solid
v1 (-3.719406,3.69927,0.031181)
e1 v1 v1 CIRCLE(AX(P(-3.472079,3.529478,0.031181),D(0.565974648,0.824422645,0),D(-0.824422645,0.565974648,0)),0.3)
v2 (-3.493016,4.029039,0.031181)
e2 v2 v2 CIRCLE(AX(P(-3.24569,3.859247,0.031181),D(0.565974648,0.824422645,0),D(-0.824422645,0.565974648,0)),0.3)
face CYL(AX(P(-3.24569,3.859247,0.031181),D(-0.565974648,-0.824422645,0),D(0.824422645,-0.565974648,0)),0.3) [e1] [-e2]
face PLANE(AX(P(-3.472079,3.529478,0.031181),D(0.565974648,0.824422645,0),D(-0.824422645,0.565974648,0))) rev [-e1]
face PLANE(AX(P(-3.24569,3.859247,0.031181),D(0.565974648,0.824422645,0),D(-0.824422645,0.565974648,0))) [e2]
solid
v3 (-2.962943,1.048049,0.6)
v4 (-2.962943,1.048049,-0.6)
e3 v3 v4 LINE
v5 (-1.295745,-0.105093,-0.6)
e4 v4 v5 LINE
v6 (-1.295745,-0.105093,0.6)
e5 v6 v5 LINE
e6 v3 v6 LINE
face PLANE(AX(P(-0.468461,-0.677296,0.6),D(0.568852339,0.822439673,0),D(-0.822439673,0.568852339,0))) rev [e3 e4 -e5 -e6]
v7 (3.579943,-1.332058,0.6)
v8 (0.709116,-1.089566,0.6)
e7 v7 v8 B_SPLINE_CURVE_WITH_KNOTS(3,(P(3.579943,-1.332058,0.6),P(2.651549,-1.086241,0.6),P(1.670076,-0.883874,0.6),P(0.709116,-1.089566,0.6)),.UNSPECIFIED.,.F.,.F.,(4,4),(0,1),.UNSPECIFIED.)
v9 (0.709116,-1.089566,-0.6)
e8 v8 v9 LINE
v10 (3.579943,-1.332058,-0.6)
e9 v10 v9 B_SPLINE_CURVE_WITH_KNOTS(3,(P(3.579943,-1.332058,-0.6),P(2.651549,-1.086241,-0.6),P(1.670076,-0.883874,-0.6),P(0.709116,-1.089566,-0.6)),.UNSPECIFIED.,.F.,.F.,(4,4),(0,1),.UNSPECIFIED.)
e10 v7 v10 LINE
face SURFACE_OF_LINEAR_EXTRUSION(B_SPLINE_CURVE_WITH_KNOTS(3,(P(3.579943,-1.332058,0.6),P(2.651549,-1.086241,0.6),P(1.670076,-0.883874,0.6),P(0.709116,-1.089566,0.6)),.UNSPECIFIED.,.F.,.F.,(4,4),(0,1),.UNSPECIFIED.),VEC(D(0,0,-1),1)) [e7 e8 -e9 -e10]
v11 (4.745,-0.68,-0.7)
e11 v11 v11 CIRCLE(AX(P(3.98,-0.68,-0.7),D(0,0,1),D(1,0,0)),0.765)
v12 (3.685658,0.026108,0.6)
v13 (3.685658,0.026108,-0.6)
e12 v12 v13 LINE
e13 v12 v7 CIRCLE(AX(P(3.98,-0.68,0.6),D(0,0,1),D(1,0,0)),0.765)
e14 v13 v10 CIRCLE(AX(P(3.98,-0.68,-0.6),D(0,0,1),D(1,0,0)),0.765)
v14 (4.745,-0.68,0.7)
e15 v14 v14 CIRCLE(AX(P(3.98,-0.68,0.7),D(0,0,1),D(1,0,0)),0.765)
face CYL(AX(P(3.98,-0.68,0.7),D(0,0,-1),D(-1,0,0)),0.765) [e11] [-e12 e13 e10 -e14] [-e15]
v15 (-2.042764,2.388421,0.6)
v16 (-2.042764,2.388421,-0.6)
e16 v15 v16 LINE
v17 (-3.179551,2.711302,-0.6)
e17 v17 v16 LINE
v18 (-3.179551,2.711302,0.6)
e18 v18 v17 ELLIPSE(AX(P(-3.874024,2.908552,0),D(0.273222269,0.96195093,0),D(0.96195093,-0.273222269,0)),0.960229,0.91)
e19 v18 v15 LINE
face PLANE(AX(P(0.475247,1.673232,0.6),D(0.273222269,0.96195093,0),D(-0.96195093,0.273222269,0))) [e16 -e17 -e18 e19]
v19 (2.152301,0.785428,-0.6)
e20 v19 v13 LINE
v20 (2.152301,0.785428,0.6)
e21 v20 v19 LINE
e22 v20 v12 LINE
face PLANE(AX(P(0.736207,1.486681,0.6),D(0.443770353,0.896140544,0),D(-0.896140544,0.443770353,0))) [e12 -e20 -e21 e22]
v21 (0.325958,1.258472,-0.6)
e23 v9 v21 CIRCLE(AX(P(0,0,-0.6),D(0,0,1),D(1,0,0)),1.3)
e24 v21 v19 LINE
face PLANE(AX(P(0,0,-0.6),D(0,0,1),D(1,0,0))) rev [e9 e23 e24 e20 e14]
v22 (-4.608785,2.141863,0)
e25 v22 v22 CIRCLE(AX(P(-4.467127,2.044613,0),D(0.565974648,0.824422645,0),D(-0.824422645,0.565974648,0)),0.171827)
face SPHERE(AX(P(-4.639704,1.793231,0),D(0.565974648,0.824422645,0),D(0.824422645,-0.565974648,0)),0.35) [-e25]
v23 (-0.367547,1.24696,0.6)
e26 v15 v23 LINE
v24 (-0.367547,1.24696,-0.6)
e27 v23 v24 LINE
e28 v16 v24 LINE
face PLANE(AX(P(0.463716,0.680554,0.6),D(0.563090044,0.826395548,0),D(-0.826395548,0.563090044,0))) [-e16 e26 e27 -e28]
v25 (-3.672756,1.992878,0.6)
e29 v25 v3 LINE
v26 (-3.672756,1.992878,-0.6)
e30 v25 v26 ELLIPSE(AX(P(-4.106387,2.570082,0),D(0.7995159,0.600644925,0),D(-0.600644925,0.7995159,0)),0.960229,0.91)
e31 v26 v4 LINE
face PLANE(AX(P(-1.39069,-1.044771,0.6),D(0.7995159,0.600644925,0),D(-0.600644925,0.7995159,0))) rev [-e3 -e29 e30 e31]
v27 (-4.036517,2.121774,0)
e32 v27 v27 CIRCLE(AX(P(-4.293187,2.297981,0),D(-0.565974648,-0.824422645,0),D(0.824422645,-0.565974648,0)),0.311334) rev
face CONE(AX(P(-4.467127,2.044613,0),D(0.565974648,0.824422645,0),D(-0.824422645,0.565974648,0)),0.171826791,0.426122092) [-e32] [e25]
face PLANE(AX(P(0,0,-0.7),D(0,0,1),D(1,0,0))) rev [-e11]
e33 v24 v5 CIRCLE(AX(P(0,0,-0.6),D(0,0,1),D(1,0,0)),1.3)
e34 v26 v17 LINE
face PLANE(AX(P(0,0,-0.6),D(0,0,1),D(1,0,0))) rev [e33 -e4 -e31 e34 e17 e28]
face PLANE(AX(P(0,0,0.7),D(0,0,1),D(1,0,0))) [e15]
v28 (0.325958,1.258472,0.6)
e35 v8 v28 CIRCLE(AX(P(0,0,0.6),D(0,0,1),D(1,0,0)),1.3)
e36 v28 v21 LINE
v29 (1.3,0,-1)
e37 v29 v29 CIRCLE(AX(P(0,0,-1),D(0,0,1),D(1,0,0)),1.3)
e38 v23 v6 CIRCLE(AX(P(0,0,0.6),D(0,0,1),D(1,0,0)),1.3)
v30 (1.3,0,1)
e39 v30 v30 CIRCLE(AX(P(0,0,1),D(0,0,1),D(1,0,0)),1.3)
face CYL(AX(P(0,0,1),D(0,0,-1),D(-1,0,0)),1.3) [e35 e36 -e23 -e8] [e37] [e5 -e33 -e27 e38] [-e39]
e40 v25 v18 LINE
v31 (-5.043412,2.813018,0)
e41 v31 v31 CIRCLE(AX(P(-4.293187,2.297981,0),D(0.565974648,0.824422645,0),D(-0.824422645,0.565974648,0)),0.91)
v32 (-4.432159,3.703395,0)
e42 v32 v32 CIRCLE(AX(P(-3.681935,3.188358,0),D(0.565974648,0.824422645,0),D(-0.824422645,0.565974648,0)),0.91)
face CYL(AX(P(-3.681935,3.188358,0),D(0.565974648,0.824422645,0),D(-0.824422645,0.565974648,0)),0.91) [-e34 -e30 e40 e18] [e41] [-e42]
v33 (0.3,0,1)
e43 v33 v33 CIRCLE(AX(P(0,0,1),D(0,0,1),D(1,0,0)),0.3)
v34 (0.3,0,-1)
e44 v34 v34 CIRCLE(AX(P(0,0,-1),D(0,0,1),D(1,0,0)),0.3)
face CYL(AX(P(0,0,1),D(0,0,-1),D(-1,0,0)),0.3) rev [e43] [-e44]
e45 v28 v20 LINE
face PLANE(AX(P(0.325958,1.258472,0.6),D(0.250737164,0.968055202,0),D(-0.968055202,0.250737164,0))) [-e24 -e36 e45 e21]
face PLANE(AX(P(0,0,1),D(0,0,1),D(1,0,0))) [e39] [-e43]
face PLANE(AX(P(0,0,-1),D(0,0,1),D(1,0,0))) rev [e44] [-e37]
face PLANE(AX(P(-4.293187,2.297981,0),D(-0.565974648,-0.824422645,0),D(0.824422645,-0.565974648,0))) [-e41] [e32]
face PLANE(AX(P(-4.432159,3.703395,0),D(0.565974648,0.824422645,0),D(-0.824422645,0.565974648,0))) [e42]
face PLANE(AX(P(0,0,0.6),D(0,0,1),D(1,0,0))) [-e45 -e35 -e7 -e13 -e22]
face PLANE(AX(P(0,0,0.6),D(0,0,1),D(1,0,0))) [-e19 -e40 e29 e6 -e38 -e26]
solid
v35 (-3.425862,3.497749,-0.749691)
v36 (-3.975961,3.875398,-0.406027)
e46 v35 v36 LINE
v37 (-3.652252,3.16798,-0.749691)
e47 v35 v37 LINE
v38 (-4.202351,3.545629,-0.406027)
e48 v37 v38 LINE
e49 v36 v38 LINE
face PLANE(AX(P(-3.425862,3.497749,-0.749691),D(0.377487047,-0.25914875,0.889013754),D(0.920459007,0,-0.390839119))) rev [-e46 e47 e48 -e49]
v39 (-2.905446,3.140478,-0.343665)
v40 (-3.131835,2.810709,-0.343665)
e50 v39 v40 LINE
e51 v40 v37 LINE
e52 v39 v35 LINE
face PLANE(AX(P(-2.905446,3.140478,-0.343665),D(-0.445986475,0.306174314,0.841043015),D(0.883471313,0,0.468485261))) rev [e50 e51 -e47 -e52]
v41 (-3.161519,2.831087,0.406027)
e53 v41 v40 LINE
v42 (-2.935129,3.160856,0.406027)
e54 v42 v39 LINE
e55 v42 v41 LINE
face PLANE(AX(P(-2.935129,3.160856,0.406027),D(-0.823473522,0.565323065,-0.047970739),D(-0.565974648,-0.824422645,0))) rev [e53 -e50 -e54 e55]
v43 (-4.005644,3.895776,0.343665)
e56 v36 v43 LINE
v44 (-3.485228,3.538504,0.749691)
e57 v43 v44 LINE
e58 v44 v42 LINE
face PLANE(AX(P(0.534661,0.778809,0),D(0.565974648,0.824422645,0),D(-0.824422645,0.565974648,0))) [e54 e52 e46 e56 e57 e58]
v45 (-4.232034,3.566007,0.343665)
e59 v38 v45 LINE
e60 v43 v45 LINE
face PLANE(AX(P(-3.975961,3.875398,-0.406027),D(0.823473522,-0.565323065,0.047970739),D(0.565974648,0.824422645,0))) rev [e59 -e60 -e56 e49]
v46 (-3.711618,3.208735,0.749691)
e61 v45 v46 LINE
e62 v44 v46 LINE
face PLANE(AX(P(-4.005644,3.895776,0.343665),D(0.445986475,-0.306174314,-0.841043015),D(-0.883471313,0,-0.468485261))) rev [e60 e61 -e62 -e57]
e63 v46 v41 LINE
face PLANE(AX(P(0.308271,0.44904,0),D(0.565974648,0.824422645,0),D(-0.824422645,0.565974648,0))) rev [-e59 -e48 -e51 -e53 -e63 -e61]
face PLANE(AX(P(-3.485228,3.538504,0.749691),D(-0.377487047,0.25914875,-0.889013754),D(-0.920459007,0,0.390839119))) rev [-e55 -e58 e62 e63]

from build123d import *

# Parameters (mm, degrees)
SKETCH1_R           = 0.3
BOSS_EXTRUDE1_DEPTH = 1
BOSS_EXTRUDE2_DEPTH = 0.7
BOSS_EXTRUDE3_DEPTH = 0.6
BOSS_EXTRUDE4_DEPTH = 0.6
BOSS_EXTRUDE5_DEPTH = 0.4
SKETCH5_R           = 0.3
BOSS_EXTRUDE6_DEPTH = 0.4


with BuildPart() as part:
    # Sketch1 → Boss-Extrude1 (new, symmetric)
    with BuildSketch(Plane.XY):
        with BuildLine():
            ThreePointArc((1.3, 0), (1.02804324, 0.795692841), (0.325958313, 1.258471763))
            ThreePointArc((0.325958313, 1.258471763), (-0.021576108, 1.299820938), (-0.36754671, 1.24696007))
            ThreePointArc((-0.36754671, 1.24696007), (-1.071749439, 0.735767042), (-1.295745132, -0.105093068))
            ThreePointArc((-1.295745132, -0.105093068), (-0.573001329, -1.166905942), (0.709115587, -1.089566466))
            ThreePointArc((0.709115587, -1.089566466), (1.142770813, -0.619737742), (1.3, 0))
        make_face()
        Circle(SKETCH1_R, mode=Mode.SUBTRACT)
    extrude(amount=BOSS_EXTRUDE1_DEPTH, both=True)



with BuildPart() as body_2:
    # Sketch1<3> → Boss-Extrude2 (new, symmetric)
    with BuildSketch(Plane.XY):
        with BuildLine():
            ThreePointArc((4.745, -0.68), (4.404295551, -0.043448128), (3.685658077, 0.026107522))
            ThreePointArc((3.685658077, 0.026107522), (3.217306903, -0.620634696), (3.579943327, -1.332058018))
            ThreePointArc((3.579943327, -1.332058018), (4.353618552, -1.34755837), (4.745, -0.68))
        make_face()
    extrude(amount=BOSS_EXTRUDE2_DEPTH, both=True)


with BuildPart() as part_1:
    add(part.part)

    add(body_2.part)  # Boss-Extrude3 merges body 2
    # Sketch1<4> → Boss-Extrude3 (add, symmetric)
    with BuildSketch(Plane.XY):
        with BuildLine():
            Line((2.152301429, 0.785428395), (0.325958313, 1.258471763))
            ThreePointArc((0.325958313, 1.258471763), (1.02804324, 0.795692841), (1.3, 0))
            ThreePointArc((1.3, 0), (1.142770813, -0.619737742), (0.709115587, -1.089566466))
            add(Edge.make_bspline(
                [(3.579943327, -1.332058018), (2.651549226, -1.086241339), (1.670075627, -0.883873745), (0.709115587, -1.089566466)],
                knots=[0, 0, 0, 0, 1, 1, 1, 1], degree=3))
            ThreePointArc((3.579943327, -1.332058018), (3.217306903, -0.620634696), (3.685658077, 0.026107522))
            Line((3.685658077, 0.026107522), (2.152301429, 0.785428395))
        make_face()
    extrude(amount=BOSS_EXTRUDE3_DEPTH, both=True)

    # Sketch1<5> → Boss-Extrude4 (add, symmetric)
    with BuildSketch(Plane.XY):
        with BuildLine():
            ThreePointArc((-1.295745132, -0.105093068), (-1.071749439, 0.735767042), (-0.36754671, 1.24696007))
            Line((-0.36754671, 1.24696007), (-2.042763802, 2.388420801))
            Line((-2.042763802, 2.388420801), (-3.468005165, 2.793231136))
            Line((-3.468005165, 2.793231136), (-3.852867925, 2.232623737))
            Line((-3.852867925, 2.232623737), (-2.962943123, 1.048048625))
            Line((-2.962943123, 1.048048625), (-1.295745132, -0.105093068))
        make_face()
    extrude(amount=BOSS_EXTRUDE4_DEPTH, both=True)



with BuildPart() as body_2_2:
    # Sketch2 → Revolve1 (revolve)
    with BuildSketch(Plane.XY):
        with BuildLine():
            Line((-3.852867925, 2.232623737), (-3.445366179, 2.826208042))
            Line((-3.445366179, 2.826208042), (-3.775135237, 3.052597901))
            Line((-3.775135237, 3.052597901), (-4.837794635, 1.50468321))
            ThreePointArc((-4.837794635, 1.50468321), (-4.410872151, 1.528398717), (-4.325469227, 1.947363599))
            Line((-4.325469227, 1.947363599), (-3.852867925, 2.232623737))
        make_face()
    revolve(axis=Axis((-3.775135237, 3.052597901, 0), (-0.5659746478395021, -0.8244226452511791, 0)))


with BuildPart() as part_2:
    add(part_1.part)

    add(body_2_2.part)  # Revolve2 merges body 2 2
    # Sketch3 → Revolve2 (revolve)
    with BuildSketch(Plane.XY):
        Polygon((-3.681934751, 3.188357677), (-4.29318737, 2.29798122), (-5.043411978, 2.813018149), (-4.432159358, 3.703394606), align=None)
    revolve(axis=Axis((-3.681934751, 3.188357677, 0), (-0.5659746478395028, -0.8244226452511788, 0)))


with BuildPart() as body_2_3:
    # Sketch4 → Boss-Extrude5 (new body)
    with BuildSketch(Plane(origin=(0.308270852, 0.449040381, 0), x_dir=(0.8244226452511786, -0.5659746478395029, 0), z_dir=(0.5659746478395029, 0.8244226452511786, 0))):
        Polygon((-4.208750665, -0.406026614), (-4.172745971, 0.343664653), (-4.803995305, 0.749691267), (-5.471249335, 0.406026614), (-5.507254029, -0.343664653), (-4.876004695, -0.749691267), align=None)
    extrude(amount=BOSS_EXTRUDE5_DEPTH)


with BuildPart() as body_3:
    # Sketch5 → Boss-Extrude6 (new body)
    with BuildSketch(Plane(origin=(0.534660711, 0.778809439, 0), x_dir=(0.8244226452511789, -0.5659746478395026, 0), z_dir=(0.5659746478395025, 0.8244226452511788, 0))):
        with Locations((-4.860055954, -0.03118098)):
            Circle(SKETCH5_R)
    extrude(amount=BOSS_EXTRUDE6_DEPTH)


solid = Compound([part_2.part, body_2_3.part, body_3.part])
